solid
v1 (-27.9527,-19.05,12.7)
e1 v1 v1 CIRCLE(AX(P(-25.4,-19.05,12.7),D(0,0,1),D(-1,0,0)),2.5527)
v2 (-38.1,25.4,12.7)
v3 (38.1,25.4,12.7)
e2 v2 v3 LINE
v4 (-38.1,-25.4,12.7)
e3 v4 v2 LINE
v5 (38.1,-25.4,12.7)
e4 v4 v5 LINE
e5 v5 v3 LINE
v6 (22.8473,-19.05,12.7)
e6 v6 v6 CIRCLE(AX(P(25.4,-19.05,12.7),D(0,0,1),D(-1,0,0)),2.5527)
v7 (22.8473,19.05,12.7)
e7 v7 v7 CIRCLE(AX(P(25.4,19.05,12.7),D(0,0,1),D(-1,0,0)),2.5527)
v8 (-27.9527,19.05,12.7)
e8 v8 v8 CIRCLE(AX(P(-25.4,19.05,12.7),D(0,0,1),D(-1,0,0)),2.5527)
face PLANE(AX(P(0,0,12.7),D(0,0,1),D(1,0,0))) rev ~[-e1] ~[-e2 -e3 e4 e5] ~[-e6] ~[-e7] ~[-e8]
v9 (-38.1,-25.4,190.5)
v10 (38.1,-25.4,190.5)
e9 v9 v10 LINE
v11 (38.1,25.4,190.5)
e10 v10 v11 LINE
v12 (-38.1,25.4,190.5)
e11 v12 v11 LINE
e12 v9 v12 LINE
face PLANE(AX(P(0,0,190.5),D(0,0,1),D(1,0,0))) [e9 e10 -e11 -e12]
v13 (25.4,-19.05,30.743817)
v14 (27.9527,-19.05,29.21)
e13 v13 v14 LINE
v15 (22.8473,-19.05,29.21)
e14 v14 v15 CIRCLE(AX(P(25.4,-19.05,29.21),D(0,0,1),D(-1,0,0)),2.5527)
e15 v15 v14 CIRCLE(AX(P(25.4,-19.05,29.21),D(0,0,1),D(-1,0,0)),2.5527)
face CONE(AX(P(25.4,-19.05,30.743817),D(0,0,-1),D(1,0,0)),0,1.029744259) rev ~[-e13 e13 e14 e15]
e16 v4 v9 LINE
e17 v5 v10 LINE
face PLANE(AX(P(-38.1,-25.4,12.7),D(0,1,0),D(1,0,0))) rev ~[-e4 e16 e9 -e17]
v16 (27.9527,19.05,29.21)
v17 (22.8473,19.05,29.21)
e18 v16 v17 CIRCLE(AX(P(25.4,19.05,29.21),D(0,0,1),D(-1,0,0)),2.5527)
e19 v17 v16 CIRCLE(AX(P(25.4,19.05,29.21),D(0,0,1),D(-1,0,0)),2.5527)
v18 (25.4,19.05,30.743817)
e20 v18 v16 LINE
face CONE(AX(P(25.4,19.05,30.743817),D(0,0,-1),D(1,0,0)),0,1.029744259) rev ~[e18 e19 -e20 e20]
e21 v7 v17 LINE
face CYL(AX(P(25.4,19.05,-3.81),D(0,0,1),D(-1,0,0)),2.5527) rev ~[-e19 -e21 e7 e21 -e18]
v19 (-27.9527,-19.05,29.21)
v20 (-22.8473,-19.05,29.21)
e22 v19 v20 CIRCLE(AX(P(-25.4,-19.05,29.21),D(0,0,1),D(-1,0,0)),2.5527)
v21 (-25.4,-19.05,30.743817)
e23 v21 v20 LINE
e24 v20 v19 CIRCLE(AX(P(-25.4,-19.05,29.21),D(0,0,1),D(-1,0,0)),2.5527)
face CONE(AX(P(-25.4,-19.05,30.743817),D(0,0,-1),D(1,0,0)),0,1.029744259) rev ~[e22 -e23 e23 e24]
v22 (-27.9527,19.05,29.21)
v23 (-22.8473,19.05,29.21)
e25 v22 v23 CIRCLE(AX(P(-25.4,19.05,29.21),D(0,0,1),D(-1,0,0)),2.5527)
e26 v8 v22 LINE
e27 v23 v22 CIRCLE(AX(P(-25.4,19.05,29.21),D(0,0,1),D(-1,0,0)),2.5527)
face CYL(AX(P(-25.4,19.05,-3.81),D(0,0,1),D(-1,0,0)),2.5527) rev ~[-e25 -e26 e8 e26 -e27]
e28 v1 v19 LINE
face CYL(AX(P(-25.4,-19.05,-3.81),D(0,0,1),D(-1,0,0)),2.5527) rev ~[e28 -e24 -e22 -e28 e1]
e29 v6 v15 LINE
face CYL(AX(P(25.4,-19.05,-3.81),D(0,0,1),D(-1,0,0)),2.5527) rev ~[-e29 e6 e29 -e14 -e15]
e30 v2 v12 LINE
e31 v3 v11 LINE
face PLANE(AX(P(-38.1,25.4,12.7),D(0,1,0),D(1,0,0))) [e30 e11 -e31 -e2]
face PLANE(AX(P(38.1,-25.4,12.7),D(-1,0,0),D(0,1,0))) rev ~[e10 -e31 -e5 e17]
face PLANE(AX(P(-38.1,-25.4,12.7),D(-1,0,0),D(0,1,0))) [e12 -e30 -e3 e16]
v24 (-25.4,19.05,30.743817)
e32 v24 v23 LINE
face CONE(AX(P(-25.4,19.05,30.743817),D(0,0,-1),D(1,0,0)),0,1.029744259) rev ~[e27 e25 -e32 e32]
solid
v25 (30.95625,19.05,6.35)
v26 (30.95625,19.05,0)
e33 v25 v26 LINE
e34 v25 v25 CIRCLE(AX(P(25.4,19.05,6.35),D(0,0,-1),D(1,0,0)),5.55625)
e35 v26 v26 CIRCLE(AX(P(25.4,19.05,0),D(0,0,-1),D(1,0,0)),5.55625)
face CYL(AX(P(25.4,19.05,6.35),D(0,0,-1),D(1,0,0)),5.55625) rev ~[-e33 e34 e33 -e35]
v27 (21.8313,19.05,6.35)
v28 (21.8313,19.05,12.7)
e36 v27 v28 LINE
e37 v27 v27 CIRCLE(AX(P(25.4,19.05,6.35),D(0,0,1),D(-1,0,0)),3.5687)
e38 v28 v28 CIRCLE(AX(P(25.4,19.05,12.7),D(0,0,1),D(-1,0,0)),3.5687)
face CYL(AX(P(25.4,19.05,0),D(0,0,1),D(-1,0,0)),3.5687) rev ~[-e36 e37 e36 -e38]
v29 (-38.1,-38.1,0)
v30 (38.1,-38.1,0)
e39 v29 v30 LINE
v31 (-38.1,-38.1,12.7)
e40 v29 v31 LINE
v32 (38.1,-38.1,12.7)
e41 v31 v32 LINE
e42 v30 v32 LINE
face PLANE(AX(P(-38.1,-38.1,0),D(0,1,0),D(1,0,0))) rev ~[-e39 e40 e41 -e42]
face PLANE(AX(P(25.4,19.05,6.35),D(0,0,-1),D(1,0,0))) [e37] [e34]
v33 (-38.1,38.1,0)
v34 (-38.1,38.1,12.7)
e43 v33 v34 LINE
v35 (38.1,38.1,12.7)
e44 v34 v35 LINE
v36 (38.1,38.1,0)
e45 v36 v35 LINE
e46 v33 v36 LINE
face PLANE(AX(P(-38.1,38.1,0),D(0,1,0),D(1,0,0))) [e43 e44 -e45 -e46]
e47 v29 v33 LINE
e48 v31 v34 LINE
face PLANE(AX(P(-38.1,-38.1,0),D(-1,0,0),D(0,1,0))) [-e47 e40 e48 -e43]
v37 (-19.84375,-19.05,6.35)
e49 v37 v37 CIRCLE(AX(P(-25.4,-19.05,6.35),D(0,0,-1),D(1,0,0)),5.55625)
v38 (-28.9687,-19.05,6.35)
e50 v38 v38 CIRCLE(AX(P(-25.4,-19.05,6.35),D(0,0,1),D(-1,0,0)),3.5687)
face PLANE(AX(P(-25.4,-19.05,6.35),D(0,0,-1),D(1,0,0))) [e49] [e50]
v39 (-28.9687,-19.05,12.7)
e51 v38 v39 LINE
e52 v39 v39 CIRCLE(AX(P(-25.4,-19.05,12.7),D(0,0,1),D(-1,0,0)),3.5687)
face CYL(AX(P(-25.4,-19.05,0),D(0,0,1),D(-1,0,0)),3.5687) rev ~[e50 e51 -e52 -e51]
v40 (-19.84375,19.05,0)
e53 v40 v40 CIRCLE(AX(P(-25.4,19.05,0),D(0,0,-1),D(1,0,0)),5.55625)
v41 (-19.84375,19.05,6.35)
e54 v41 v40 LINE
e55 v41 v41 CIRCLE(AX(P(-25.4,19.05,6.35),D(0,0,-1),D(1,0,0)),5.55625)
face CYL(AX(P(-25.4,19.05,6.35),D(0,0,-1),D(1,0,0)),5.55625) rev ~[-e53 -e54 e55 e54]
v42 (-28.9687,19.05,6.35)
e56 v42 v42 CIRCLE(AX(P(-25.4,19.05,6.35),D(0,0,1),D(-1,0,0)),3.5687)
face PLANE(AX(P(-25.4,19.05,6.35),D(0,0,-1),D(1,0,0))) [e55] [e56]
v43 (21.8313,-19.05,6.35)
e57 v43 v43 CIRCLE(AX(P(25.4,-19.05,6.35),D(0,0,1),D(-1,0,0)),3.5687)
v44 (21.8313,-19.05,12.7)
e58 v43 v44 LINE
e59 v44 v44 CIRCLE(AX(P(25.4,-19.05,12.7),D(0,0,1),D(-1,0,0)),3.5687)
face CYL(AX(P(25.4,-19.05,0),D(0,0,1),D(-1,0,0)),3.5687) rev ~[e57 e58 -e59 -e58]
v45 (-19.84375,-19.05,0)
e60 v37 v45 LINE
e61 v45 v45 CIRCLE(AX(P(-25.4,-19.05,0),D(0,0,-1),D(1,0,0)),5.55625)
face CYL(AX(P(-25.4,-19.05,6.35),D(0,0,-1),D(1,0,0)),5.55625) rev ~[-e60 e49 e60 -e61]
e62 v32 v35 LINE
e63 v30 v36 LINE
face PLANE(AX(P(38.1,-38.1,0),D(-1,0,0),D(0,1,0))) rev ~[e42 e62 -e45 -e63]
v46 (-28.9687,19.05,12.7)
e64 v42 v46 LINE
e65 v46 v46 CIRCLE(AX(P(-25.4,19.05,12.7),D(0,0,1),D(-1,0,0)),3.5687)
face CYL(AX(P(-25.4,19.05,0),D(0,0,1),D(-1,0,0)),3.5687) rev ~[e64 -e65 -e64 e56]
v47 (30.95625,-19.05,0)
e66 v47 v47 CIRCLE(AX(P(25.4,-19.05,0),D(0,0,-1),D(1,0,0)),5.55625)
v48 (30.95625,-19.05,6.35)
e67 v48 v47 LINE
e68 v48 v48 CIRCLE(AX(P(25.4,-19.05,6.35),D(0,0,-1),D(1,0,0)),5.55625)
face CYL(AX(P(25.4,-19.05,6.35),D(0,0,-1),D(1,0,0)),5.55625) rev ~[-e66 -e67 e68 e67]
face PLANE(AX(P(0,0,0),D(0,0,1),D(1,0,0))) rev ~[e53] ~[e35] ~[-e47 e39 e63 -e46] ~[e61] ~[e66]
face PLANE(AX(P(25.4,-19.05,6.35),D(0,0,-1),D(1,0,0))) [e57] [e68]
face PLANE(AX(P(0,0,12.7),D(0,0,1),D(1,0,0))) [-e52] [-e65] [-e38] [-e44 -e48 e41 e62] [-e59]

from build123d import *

# Parameters (mm, degrees)
F0_W           = 76.2
F0_H           = 76.2
F1_DEPTH       = 12.7
F2_W           = 76.2
F2_H           = 50.8
F3_DEPTH       = 177.8
F5_D           = 7.1374
F5_CBORE_D     = 11.1125
F5_CBORE_DEPTH = 6.35
F6_D           = 5.1054
F6_DEPTH       = 16.51
F6_START       = 12.7
F6_TIP         = 1.5338169022


with BuildPart() as f1:
    # F0 (on Top) → F1 (new body)
    with BuildSketch(Plane.XY):
        Rectangle(F0_W, F0_H)
    extrude(amount=F1_DEPTH)

    # F5 (through all)
    with Locations(Plane(origin=(0, 0, 0), x_dir=(1, 0, 0), z_dir=(0, 0, -1))):
        with Locations((-25.4, -19.05), (-25.4, 19.05), (25.4, -19.05), (25.4, 19.05)):
            CounterBoreHole(F5_D / 2, F5_CBORE_D / 2, F5_CBORE_DEPTH)


with BuildPart() as f3:
    # F2 (on face) → F3 (new body)
    with BuildSketch(Plane.XY.offset(12.7)):
        Rectangle(F2_W, F2_H)
    extrude(amount=F3_DEPTH)

    # F6
    # its depths count from where the whole tool has entered the part; down to there all is cleared
    with Locations(Plane(origin=(0, 0, 0), x_dir=(1, 0, 0), z_dir=(0, 0, -1)).offset(-F6_START)):
        with Locations((25.4, -19.05), (25.4, 19.05), (-25.4, -19.05), (-25.4, 19.05)):
            Hole(F6_D / 2, depth=F6_DEPTH)
            with Locations((0, 0, -(F6_DEPTH + F6_TIP / 2))):  # 118° drill point
                Cone(0, F6_D / 2, F6_TIP, mode=Mode.SUBTRACT)


solid = Compound([f1.part, f3.part])
